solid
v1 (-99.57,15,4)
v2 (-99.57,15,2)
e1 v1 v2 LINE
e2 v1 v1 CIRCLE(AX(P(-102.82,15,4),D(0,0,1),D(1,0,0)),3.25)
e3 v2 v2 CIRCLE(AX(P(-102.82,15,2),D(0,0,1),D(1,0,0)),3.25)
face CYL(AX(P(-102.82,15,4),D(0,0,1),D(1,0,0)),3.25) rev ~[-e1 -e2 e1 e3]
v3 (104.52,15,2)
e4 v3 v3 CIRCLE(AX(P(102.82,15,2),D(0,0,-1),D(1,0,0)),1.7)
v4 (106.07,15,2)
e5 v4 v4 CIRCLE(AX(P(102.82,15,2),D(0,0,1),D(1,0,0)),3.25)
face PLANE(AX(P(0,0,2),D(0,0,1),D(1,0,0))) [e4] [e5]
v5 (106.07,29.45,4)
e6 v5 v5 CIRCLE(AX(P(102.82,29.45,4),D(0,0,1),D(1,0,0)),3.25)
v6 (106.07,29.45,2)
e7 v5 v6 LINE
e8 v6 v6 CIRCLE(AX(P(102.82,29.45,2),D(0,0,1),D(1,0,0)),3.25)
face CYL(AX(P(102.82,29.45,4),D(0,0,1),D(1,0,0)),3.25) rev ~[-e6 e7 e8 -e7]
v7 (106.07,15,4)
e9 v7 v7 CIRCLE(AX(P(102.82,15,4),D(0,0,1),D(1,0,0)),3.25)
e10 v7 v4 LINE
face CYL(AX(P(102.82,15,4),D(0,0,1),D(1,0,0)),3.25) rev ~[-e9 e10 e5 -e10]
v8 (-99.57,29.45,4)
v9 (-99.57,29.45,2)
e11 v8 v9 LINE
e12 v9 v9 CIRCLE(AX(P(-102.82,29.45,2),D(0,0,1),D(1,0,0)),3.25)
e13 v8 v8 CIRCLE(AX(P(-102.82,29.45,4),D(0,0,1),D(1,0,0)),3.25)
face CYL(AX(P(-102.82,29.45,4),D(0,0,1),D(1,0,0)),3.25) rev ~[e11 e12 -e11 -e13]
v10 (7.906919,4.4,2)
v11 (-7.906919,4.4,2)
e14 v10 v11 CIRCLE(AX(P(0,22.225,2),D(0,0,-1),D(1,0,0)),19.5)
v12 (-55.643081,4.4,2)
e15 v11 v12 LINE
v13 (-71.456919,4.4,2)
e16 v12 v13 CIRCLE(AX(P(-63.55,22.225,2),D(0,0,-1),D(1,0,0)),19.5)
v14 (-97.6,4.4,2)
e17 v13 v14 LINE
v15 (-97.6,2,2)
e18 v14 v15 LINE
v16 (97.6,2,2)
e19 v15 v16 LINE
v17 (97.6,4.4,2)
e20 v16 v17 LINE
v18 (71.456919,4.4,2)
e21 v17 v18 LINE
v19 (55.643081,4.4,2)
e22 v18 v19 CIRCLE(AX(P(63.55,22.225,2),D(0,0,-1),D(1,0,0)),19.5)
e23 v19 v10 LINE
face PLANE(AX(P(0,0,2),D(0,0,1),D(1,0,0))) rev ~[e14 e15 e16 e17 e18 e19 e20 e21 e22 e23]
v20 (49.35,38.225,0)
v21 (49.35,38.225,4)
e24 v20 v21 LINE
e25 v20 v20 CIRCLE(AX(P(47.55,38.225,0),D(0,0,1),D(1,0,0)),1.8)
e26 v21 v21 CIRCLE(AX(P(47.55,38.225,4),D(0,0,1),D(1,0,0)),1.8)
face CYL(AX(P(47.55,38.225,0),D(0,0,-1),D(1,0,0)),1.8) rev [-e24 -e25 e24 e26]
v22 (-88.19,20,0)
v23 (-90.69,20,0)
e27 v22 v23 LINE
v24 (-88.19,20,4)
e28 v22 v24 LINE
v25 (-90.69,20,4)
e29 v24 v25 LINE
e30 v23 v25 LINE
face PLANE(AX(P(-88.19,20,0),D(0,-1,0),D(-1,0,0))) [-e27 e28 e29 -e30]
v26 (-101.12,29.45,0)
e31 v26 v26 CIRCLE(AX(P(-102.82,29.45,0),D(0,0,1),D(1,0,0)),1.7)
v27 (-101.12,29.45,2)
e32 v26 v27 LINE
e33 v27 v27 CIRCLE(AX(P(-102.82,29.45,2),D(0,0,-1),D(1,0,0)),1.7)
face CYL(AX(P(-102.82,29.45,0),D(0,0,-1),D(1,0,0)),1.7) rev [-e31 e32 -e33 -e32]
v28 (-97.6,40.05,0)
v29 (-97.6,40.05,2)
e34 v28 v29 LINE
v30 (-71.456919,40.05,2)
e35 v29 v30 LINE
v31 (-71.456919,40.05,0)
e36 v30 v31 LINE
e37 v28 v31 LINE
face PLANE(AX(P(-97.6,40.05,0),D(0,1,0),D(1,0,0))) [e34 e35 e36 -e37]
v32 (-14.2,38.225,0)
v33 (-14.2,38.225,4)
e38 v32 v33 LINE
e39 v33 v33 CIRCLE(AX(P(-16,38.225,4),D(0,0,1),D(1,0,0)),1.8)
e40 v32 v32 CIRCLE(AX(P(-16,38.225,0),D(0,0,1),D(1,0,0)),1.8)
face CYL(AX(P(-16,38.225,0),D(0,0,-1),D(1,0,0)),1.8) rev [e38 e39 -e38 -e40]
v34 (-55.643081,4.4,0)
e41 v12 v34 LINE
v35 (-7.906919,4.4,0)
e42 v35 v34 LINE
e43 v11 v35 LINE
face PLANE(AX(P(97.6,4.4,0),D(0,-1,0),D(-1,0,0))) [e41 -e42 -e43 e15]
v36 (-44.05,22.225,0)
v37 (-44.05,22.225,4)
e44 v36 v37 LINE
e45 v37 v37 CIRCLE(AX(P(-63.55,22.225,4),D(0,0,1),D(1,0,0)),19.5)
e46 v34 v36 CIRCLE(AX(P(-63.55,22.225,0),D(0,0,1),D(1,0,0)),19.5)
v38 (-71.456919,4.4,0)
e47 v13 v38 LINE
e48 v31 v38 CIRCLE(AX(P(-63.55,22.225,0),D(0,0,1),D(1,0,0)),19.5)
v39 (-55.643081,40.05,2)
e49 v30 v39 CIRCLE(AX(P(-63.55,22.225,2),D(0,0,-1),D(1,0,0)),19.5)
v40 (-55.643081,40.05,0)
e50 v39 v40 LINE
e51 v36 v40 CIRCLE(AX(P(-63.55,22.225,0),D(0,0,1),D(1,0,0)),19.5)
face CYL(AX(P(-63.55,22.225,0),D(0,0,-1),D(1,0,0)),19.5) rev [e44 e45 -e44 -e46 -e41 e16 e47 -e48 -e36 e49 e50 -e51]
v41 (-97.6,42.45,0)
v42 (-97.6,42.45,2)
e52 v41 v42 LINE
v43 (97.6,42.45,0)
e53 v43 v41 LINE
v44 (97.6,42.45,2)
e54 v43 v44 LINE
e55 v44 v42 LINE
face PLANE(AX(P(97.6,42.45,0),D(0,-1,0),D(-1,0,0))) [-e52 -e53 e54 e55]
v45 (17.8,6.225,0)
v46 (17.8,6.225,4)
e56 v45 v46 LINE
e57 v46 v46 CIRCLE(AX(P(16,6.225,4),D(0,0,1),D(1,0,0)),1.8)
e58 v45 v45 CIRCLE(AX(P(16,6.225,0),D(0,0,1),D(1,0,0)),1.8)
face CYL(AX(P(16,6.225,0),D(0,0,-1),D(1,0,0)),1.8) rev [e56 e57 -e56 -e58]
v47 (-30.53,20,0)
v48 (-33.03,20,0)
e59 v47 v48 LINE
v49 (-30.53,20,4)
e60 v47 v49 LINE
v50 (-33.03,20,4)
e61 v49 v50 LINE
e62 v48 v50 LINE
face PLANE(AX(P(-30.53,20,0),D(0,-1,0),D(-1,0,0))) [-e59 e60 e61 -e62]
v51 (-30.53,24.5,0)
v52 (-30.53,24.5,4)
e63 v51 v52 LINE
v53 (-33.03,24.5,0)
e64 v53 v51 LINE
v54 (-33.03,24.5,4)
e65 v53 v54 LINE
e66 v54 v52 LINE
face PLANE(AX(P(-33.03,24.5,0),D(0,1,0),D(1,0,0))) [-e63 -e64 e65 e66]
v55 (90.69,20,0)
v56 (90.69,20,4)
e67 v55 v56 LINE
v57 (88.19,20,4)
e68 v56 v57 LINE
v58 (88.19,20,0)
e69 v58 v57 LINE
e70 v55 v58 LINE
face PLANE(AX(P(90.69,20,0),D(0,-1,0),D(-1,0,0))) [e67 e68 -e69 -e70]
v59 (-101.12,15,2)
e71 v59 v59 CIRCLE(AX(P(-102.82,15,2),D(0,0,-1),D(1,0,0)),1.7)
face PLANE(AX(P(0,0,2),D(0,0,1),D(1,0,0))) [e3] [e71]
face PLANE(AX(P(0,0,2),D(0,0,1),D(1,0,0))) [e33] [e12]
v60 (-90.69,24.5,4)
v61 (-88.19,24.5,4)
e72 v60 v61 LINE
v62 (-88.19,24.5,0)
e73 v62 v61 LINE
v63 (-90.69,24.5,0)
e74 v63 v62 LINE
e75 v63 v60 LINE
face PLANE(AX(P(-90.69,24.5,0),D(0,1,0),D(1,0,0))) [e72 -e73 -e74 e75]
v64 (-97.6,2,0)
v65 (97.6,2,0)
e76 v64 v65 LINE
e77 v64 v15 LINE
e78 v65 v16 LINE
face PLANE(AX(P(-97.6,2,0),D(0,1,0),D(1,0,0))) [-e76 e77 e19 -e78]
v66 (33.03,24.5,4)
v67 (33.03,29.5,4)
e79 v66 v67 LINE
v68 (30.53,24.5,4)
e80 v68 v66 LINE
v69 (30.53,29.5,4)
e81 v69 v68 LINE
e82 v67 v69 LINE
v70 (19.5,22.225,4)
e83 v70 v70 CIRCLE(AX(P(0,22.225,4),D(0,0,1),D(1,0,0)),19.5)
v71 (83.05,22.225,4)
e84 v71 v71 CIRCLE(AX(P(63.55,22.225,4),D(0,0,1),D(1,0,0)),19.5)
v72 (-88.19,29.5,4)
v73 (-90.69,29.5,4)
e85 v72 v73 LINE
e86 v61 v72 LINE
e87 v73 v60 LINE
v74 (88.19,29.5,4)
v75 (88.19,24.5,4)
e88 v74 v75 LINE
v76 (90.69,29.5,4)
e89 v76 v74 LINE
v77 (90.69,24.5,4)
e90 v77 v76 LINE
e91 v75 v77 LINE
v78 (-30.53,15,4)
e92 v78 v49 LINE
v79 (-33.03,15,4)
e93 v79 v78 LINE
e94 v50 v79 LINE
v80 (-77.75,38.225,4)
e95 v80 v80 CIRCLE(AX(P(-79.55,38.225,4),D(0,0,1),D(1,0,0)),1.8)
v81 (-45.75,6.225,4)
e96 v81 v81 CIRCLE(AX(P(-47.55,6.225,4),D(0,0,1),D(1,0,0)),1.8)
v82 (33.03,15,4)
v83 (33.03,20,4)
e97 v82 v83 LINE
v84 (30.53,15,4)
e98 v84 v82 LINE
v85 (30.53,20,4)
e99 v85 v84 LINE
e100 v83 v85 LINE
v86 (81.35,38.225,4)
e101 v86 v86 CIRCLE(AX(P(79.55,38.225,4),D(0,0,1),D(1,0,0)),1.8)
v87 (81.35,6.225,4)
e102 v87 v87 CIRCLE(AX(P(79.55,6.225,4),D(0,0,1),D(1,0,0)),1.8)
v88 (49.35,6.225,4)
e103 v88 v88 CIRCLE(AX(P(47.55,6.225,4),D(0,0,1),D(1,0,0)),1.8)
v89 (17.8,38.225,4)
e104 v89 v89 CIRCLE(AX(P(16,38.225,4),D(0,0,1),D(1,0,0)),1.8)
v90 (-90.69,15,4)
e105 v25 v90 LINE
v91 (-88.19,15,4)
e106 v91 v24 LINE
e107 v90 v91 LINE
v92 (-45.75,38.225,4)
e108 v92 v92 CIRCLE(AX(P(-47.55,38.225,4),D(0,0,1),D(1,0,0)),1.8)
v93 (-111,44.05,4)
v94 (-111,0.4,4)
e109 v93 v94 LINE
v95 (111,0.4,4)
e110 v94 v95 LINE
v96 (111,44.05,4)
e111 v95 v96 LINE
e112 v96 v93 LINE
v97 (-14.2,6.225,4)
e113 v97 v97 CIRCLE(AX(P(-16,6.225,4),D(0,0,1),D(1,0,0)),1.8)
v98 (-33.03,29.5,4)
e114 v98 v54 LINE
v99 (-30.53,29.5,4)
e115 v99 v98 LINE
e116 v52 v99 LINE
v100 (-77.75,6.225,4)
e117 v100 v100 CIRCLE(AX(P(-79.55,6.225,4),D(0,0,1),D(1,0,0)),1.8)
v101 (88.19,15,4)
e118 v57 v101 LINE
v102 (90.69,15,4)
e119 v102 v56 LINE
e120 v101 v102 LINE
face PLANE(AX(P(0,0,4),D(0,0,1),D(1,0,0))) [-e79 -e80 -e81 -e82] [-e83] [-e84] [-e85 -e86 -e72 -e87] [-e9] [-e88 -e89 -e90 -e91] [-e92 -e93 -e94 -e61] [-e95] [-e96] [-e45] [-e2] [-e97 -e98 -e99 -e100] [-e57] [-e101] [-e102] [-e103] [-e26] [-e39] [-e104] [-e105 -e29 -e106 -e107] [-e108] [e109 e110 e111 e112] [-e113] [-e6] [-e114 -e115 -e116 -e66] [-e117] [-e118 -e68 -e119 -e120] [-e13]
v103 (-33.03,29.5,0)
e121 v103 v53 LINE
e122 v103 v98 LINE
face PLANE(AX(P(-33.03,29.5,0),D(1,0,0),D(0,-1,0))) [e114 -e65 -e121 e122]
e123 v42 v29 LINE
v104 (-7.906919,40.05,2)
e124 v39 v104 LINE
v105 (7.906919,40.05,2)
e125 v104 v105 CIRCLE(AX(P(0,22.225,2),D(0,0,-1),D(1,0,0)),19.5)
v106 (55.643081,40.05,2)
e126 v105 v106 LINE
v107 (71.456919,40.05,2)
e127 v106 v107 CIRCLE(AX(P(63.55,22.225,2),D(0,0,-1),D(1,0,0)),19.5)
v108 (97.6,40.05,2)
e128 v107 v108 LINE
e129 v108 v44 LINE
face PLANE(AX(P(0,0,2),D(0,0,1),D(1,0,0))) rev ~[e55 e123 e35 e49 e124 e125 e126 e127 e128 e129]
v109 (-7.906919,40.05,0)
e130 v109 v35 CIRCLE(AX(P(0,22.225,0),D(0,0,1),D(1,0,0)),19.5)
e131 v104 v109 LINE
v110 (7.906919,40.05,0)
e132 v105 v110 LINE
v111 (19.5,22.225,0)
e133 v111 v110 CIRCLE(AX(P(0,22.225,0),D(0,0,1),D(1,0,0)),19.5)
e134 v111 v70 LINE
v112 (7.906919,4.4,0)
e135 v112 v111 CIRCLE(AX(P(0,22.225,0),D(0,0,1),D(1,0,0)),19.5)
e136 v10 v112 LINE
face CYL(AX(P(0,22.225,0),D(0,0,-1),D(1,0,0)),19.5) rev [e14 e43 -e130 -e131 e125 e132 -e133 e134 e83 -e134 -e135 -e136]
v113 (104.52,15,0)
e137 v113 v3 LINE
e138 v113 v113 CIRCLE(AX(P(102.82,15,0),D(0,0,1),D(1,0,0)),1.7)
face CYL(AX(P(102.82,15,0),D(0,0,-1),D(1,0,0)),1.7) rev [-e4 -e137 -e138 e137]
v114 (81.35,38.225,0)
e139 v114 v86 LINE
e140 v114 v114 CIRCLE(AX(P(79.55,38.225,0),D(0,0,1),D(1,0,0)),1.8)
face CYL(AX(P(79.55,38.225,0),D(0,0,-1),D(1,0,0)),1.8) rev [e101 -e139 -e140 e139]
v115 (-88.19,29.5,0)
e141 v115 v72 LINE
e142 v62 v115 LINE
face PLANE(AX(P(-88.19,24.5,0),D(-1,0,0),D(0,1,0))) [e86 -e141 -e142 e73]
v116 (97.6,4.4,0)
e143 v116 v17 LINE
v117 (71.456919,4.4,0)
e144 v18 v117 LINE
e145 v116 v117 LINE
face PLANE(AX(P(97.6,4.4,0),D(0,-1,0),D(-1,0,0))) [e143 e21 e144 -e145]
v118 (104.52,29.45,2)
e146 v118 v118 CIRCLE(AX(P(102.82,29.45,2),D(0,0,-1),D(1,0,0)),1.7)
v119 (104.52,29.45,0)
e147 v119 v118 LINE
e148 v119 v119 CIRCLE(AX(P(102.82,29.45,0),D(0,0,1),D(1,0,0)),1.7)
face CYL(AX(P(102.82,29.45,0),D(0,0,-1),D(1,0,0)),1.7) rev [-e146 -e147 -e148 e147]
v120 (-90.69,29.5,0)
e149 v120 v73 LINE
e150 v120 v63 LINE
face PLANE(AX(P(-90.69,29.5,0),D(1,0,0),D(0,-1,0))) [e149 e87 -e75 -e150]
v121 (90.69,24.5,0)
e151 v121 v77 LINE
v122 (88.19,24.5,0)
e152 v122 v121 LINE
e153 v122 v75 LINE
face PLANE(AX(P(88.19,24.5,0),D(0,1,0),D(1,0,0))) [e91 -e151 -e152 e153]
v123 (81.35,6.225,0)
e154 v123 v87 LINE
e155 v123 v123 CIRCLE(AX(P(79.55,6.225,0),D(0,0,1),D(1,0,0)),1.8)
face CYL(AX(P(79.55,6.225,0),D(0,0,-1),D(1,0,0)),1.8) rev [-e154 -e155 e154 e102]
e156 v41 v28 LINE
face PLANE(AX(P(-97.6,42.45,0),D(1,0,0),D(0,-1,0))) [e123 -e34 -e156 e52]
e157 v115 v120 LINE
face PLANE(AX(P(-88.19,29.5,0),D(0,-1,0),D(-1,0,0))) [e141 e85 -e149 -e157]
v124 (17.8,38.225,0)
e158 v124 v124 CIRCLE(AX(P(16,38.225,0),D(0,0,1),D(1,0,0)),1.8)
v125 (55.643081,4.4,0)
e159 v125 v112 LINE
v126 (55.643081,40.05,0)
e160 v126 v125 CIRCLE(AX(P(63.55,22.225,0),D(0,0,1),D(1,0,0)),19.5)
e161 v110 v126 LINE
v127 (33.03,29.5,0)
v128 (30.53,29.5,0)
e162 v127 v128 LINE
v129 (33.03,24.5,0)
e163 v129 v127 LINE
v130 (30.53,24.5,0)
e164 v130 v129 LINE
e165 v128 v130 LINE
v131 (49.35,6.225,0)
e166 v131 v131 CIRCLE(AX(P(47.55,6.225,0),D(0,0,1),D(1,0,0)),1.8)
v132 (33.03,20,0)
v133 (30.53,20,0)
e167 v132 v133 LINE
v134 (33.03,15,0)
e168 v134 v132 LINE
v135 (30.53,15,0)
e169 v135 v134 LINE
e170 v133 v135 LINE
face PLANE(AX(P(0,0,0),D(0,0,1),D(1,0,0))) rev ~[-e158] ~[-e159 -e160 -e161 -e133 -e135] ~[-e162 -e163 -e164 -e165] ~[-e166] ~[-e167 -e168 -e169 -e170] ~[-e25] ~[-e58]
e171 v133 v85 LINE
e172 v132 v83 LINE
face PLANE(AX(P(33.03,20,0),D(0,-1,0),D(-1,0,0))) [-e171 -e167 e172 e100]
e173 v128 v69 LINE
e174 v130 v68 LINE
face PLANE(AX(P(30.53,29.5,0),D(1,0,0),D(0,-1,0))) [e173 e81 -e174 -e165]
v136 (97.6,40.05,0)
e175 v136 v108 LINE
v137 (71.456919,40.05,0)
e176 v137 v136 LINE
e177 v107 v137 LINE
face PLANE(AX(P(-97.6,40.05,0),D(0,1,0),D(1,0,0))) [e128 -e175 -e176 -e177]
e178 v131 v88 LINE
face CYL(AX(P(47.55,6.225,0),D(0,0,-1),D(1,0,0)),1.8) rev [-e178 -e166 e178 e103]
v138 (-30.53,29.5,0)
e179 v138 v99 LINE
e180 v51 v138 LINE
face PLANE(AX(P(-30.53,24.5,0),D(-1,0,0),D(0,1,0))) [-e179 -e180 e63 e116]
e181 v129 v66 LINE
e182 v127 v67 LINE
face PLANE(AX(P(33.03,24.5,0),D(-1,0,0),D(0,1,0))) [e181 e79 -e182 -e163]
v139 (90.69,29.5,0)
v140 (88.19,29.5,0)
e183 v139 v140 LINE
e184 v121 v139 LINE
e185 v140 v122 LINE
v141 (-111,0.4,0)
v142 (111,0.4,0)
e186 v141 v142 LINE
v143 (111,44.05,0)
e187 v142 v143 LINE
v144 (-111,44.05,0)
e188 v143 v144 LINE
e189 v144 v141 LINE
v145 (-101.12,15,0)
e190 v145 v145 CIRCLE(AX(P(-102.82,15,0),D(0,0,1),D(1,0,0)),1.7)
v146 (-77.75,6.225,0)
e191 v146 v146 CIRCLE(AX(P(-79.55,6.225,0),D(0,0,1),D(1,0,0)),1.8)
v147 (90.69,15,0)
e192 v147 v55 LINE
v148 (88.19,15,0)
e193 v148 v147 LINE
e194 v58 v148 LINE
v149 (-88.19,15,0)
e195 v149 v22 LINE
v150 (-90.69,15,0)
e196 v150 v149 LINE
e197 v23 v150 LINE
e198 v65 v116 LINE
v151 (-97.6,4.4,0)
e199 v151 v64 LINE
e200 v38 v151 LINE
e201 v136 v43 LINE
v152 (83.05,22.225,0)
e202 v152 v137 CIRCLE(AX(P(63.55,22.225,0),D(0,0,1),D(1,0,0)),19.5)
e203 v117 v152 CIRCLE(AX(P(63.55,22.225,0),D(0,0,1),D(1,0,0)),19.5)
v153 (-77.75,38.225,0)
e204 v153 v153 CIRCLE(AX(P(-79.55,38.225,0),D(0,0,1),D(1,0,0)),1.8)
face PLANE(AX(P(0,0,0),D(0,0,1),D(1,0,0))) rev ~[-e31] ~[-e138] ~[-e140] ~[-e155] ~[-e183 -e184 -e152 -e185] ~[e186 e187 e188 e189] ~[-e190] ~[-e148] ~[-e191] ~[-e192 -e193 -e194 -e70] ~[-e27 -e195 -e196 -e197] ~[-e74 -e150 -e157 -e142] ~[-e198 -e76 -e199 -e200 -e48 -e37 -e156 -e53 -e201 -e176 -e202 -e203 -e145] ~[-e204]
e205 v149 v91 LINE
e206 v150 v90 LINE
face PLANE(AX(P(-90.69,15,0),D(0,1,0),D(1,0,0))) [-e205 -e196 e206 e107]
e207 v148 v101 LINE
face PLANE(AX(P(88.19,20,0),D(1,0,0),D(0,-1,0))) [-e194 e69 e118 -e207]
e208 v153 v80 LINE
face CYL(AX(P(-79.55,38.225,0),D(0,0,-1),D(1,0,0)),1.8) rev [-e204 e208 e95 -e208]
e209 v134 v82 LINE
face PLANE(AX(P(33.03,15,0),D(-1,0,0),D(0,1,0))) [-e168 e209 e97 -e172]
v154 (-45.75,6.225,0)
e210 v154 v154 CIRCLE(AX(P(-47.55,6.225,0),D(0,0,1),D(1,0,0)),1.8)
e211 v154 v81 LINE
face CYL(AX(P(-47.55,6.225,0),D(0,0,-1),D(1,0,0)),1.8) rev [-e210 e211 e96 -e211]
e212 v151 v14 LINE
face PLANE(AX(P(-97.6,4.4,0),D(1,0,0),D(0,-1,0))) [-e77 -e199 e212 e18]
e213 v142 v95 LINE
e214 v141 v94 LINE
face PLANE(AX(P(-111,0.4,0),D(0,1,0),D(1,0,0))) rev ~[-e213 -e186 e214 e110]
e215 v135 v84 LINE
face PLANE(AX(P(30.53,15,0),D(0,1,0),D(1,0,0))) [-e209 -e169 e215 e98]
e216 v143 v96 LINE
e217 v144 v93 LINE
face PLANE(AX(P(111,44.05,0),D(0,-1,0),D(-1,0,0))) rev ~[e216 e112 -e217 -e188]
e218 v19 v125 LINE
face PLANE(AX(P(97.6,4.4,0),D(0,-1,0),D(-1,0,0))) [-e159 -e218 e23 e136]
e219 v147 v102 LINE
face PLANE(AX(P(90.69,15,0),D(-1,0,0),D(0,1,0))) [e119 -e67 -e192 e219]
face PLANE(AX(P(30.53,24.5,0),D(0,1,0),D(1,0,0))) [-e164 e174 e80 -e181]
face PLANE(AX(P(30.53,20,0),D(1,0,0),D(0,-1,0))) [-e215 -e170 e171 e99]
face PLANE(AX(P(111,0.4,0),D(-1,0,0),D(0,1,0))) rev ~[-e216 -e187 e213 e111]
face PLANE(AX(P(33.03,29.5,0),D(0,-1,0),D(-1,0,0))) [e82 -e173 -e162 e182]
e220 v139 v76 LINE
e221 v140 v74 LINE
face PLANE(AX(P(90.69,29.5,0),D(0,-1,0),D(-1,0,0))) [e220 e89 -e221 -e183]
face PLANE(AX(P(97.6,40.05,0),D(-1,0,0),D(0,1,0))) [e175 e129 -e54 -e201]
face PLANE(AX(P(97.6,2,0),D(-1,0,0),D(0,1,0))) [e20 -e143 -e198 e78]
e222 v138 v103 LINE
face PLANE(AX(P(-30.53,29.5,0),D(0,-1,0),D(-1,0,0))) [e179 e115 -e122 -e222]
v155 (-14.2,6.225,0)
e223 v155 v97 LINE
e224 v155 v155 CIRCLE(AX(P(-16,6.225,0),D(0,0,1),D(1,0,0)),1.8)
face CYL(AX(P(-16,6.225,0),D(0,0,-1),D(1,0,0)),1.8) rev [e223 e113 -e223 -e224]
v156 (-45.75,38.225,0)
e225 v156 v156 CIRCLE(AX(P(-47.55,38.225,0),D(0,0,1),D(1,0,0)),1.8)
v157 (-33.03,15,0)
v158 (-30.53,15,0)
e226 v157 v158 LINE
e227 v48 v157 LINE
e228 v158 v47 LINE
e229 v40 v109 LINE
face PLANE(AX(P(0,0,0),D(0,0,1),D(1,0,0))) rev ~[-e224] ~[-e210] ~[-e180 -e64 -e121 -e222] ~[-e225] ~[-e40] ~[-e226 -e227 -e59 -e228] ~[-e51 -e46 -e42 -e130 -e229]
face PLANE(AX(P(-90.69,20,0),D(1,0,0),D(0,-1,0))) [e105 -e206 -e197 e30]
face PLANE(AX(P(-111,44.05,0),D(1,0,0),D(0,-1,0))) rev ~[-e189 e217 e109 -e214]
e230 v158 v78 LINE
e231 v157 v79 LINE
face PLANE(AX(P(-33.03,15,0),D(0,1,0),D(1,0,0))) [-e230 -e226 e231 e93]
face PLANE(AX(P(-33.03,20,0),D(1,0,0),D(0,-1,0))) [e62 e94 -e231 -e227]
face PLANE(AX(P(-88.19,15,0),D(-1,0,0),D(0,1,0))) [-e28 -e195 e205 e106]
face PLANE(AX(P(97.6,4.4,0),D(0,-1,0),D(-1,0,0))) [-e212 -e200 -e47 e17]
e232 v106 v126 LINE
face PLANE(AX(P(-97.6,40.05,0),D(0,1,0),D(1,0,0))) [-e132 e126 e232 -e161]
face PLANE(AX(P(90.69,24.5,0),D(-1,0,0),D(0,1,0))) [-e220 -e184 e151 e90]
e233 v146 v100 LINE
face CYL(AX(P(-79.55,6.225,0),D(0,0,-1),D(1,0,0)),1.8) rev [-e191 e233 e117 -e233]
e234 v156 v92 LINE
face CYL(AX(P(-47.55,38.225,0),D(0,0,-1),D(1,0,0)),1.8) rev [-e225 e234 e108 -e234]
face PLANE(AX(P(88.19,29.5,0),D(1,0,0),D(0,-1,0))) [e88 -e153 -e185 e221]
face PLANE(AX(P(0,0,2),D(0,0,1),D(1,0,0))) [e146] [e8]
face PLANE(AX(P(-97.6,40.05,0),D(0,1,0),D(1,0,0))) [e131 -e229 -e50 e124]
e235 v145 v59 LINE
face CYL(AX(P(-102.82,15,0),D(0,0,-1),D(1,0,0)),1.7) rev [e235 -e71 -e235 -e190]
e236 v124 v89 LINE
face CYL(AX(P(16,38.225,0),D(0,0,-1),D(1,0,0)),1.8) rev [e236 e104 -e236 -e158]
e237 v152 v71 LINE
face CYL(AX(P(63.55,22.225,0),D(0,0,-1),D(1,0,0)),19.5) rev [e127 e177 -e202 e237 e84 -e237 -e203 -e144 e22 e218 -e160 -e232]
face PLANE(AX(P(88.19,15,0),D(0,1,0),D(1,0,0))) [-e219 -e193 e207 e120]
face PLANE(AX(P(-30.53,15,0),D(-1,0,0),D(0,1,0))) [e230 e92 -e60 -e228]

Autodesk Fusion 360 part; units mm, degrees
sketch "Sketch1" plane through (0, 0, 0) normal (0, 0, 1) x (1, 0, 0)
  line L0 (-111, 0.4) -> (111, 0.4)
  line L1 (111, 0.4) -> (111, 44.05)
  line L2 (111, 44.05) -> (-111, 44.05)
  line L3 (-111, 44.05) -> (-111, 0.4)
extrude "Extrude1" add sketch "Sketch1" along normal blind 4
sketch "Sketch2" plane through (0, 0, 0) normal (0, 0, 1) x (1, 0, 0)
  circle A0 centre (-63.55, 22.225) radius 19.5
  circle A1 centre (-79.55, 6.225) radius 1.8
  circle A2 centre (-79.55, 38.225) radius 1.8
  circle A3 centre (-47.55, 6.225) radius 1.8
  circle A4 centre (-47.55, 38.225) radius 1.8
  circle A5 centre (0, 22.225) radius 19.5
  circle A6 centre (-16, 6.225) radius 1.8
  circle A7 centre (-16, 38.225) radius 1.8
  circle A8 centre (16, 6.225) radius 1.8
  circle A9 centre (16, 38.225) radius 1.8
  circle A10 centre (63.55, 22.225) radius 19.5
  circle A11 centre (47.55, 6.225) radius 1.8
  circle A12 centre (47.55, 38.225) radius 1.8
  circle A13 centre (79.55, 6.225) radius 1.8
  circle A14 centre (79.55, 38.225) radius 1.8
  circle A15 centre (-102.82, 15) radius 1.7
  circle A16 centre (-102.82, 29.45) radius 1.7
  circle A17 centre (102.82, 15) radius 1.7
  circle A18 centre (102.82, 29.45) radius 1.7
extrude "Extrude2" cut sketch "Sketch2" along normal blind 4
sketch "Sketch3" plane through (0, 0, 0) normal (0, 0, 1) x (1, 0, 0)
  line L0 (-90.69, 15) -> (-88.19, 15)
  line L1 (-88.19, 15) -> (-88.19, 20)
  line L2 (-88.19, 20) -> (-90.69, 20)
  line L3 (-90.69, 20) -> (-90.69, 15)
  line L4 (-90.69, 24.5) -> (-88.19, 24.5)
  line L5 (-88.19, 24.5) -> (-88.19, 29.5)
  line L6 (-88.19, 29.5) -> (-90.69, 29.5)
  line L7 (-90.69, 29.5) -> (-90.69, 24.5)
  line L8 (-33.03, 15) -> (-30.53, 15)
  line L9 (-30.53, 15) -> (-30.53, 20)
  line L10 (-30.53, 20) -> (-33.03, 20)
  line L11 (-33.03, 20) -> (-33.03, 15)
  line L12 (-33.03, 24.5) -> (-30.53, 24.5)
  line L13 (-30.53, 24.5) -> (-30.53, 29.5)
  line L14 (-30.53, 29.5) -> (-33.03, 29.5)
  line L15 (-33.03, 29.5) -> (-33.03, 24.5)
  line L16 (30.53, 15) -> (33.03, 15)
  line L17 (33.03, 15) -> (33.03, 20)
  line L18 (33.03, 20) -> (30.53, 20)
  line L19 (30.53, 20) -> (30.53, 15)
  line L20 (30.53, 24.5) -> (33.03, 24.5)
  line L21 (33.03, 24.5) -> (33.03, 29.5)
  line L22 (33.03, 29.5) -> (30.53, 29.5)
  line L23 (30.53, 29.5) -> (30.53, 24.5)
  line L24 (88.19, 15) -> (90.69, 15)
  line L25 (90.69, 15) -> (90.69, 20)
  line L26 (90.69, 20) -> (88.19, 20)
  line L27 (88.19, 20) -> (88.19, 15)
  line L28 (88.19, 24.5) -> (90.69, 24.5)
  line L29 (90.69, 24.5) -> (90.69, 29.5)
  line L30 (90.69, 29.5) -> (88.19, 29.5)
  line L31 (88.19, 29.5) -> (88.19, 24.5)
extrude "Extrude3" cut sketch "Sketch3" along normal blind 4
ref_plane "WorkPlane1" through (0, 0, 4) normal (0, 0, 1) x (1, 0, 0)
sketch "Sketch4" plane through (0, 0, 4) normal (0, 0, 1) x (1, 0, 0)
  circle A0 centre (-102.82, 15) radius 3.25
  circle A1 centre (-102.82, 29.45) radius 3.25
  circle A2 centre (102.82, 15) radius 3.25
  circle A3 centre (102.82, 29.45) radius 3.25
extrude "Extrude4" cut sketch "Sketch4" against normal blind 2
sketch "Sketch5" plane through (0, 0, 0) normal (0, 0, 1) x (1, 0, 0)
  line L0 (-97.6, 2) -> (97.6, 2)
  line L1 (97.6, 2) -> (97.6, 4.4)
  line L2 (97.6, 4.4) -> (-97.6, 4.4)
  line L3 (-97.6, 4.4) -> (-97.6, 2)
  line L4 (-97.6, 40.05) -> (97.6, 40.05)
  line L5 (97.6, 40.05) -> (97.6, 42.45)
  line L6 (97.6, 42.45) -> (-97.6, 42.45)
  line L7 (-97.6, 42.45) -> (-97.6, 40.05)
extrude "Extrude5" cut sketch "Sketch5" along normal blind 2
